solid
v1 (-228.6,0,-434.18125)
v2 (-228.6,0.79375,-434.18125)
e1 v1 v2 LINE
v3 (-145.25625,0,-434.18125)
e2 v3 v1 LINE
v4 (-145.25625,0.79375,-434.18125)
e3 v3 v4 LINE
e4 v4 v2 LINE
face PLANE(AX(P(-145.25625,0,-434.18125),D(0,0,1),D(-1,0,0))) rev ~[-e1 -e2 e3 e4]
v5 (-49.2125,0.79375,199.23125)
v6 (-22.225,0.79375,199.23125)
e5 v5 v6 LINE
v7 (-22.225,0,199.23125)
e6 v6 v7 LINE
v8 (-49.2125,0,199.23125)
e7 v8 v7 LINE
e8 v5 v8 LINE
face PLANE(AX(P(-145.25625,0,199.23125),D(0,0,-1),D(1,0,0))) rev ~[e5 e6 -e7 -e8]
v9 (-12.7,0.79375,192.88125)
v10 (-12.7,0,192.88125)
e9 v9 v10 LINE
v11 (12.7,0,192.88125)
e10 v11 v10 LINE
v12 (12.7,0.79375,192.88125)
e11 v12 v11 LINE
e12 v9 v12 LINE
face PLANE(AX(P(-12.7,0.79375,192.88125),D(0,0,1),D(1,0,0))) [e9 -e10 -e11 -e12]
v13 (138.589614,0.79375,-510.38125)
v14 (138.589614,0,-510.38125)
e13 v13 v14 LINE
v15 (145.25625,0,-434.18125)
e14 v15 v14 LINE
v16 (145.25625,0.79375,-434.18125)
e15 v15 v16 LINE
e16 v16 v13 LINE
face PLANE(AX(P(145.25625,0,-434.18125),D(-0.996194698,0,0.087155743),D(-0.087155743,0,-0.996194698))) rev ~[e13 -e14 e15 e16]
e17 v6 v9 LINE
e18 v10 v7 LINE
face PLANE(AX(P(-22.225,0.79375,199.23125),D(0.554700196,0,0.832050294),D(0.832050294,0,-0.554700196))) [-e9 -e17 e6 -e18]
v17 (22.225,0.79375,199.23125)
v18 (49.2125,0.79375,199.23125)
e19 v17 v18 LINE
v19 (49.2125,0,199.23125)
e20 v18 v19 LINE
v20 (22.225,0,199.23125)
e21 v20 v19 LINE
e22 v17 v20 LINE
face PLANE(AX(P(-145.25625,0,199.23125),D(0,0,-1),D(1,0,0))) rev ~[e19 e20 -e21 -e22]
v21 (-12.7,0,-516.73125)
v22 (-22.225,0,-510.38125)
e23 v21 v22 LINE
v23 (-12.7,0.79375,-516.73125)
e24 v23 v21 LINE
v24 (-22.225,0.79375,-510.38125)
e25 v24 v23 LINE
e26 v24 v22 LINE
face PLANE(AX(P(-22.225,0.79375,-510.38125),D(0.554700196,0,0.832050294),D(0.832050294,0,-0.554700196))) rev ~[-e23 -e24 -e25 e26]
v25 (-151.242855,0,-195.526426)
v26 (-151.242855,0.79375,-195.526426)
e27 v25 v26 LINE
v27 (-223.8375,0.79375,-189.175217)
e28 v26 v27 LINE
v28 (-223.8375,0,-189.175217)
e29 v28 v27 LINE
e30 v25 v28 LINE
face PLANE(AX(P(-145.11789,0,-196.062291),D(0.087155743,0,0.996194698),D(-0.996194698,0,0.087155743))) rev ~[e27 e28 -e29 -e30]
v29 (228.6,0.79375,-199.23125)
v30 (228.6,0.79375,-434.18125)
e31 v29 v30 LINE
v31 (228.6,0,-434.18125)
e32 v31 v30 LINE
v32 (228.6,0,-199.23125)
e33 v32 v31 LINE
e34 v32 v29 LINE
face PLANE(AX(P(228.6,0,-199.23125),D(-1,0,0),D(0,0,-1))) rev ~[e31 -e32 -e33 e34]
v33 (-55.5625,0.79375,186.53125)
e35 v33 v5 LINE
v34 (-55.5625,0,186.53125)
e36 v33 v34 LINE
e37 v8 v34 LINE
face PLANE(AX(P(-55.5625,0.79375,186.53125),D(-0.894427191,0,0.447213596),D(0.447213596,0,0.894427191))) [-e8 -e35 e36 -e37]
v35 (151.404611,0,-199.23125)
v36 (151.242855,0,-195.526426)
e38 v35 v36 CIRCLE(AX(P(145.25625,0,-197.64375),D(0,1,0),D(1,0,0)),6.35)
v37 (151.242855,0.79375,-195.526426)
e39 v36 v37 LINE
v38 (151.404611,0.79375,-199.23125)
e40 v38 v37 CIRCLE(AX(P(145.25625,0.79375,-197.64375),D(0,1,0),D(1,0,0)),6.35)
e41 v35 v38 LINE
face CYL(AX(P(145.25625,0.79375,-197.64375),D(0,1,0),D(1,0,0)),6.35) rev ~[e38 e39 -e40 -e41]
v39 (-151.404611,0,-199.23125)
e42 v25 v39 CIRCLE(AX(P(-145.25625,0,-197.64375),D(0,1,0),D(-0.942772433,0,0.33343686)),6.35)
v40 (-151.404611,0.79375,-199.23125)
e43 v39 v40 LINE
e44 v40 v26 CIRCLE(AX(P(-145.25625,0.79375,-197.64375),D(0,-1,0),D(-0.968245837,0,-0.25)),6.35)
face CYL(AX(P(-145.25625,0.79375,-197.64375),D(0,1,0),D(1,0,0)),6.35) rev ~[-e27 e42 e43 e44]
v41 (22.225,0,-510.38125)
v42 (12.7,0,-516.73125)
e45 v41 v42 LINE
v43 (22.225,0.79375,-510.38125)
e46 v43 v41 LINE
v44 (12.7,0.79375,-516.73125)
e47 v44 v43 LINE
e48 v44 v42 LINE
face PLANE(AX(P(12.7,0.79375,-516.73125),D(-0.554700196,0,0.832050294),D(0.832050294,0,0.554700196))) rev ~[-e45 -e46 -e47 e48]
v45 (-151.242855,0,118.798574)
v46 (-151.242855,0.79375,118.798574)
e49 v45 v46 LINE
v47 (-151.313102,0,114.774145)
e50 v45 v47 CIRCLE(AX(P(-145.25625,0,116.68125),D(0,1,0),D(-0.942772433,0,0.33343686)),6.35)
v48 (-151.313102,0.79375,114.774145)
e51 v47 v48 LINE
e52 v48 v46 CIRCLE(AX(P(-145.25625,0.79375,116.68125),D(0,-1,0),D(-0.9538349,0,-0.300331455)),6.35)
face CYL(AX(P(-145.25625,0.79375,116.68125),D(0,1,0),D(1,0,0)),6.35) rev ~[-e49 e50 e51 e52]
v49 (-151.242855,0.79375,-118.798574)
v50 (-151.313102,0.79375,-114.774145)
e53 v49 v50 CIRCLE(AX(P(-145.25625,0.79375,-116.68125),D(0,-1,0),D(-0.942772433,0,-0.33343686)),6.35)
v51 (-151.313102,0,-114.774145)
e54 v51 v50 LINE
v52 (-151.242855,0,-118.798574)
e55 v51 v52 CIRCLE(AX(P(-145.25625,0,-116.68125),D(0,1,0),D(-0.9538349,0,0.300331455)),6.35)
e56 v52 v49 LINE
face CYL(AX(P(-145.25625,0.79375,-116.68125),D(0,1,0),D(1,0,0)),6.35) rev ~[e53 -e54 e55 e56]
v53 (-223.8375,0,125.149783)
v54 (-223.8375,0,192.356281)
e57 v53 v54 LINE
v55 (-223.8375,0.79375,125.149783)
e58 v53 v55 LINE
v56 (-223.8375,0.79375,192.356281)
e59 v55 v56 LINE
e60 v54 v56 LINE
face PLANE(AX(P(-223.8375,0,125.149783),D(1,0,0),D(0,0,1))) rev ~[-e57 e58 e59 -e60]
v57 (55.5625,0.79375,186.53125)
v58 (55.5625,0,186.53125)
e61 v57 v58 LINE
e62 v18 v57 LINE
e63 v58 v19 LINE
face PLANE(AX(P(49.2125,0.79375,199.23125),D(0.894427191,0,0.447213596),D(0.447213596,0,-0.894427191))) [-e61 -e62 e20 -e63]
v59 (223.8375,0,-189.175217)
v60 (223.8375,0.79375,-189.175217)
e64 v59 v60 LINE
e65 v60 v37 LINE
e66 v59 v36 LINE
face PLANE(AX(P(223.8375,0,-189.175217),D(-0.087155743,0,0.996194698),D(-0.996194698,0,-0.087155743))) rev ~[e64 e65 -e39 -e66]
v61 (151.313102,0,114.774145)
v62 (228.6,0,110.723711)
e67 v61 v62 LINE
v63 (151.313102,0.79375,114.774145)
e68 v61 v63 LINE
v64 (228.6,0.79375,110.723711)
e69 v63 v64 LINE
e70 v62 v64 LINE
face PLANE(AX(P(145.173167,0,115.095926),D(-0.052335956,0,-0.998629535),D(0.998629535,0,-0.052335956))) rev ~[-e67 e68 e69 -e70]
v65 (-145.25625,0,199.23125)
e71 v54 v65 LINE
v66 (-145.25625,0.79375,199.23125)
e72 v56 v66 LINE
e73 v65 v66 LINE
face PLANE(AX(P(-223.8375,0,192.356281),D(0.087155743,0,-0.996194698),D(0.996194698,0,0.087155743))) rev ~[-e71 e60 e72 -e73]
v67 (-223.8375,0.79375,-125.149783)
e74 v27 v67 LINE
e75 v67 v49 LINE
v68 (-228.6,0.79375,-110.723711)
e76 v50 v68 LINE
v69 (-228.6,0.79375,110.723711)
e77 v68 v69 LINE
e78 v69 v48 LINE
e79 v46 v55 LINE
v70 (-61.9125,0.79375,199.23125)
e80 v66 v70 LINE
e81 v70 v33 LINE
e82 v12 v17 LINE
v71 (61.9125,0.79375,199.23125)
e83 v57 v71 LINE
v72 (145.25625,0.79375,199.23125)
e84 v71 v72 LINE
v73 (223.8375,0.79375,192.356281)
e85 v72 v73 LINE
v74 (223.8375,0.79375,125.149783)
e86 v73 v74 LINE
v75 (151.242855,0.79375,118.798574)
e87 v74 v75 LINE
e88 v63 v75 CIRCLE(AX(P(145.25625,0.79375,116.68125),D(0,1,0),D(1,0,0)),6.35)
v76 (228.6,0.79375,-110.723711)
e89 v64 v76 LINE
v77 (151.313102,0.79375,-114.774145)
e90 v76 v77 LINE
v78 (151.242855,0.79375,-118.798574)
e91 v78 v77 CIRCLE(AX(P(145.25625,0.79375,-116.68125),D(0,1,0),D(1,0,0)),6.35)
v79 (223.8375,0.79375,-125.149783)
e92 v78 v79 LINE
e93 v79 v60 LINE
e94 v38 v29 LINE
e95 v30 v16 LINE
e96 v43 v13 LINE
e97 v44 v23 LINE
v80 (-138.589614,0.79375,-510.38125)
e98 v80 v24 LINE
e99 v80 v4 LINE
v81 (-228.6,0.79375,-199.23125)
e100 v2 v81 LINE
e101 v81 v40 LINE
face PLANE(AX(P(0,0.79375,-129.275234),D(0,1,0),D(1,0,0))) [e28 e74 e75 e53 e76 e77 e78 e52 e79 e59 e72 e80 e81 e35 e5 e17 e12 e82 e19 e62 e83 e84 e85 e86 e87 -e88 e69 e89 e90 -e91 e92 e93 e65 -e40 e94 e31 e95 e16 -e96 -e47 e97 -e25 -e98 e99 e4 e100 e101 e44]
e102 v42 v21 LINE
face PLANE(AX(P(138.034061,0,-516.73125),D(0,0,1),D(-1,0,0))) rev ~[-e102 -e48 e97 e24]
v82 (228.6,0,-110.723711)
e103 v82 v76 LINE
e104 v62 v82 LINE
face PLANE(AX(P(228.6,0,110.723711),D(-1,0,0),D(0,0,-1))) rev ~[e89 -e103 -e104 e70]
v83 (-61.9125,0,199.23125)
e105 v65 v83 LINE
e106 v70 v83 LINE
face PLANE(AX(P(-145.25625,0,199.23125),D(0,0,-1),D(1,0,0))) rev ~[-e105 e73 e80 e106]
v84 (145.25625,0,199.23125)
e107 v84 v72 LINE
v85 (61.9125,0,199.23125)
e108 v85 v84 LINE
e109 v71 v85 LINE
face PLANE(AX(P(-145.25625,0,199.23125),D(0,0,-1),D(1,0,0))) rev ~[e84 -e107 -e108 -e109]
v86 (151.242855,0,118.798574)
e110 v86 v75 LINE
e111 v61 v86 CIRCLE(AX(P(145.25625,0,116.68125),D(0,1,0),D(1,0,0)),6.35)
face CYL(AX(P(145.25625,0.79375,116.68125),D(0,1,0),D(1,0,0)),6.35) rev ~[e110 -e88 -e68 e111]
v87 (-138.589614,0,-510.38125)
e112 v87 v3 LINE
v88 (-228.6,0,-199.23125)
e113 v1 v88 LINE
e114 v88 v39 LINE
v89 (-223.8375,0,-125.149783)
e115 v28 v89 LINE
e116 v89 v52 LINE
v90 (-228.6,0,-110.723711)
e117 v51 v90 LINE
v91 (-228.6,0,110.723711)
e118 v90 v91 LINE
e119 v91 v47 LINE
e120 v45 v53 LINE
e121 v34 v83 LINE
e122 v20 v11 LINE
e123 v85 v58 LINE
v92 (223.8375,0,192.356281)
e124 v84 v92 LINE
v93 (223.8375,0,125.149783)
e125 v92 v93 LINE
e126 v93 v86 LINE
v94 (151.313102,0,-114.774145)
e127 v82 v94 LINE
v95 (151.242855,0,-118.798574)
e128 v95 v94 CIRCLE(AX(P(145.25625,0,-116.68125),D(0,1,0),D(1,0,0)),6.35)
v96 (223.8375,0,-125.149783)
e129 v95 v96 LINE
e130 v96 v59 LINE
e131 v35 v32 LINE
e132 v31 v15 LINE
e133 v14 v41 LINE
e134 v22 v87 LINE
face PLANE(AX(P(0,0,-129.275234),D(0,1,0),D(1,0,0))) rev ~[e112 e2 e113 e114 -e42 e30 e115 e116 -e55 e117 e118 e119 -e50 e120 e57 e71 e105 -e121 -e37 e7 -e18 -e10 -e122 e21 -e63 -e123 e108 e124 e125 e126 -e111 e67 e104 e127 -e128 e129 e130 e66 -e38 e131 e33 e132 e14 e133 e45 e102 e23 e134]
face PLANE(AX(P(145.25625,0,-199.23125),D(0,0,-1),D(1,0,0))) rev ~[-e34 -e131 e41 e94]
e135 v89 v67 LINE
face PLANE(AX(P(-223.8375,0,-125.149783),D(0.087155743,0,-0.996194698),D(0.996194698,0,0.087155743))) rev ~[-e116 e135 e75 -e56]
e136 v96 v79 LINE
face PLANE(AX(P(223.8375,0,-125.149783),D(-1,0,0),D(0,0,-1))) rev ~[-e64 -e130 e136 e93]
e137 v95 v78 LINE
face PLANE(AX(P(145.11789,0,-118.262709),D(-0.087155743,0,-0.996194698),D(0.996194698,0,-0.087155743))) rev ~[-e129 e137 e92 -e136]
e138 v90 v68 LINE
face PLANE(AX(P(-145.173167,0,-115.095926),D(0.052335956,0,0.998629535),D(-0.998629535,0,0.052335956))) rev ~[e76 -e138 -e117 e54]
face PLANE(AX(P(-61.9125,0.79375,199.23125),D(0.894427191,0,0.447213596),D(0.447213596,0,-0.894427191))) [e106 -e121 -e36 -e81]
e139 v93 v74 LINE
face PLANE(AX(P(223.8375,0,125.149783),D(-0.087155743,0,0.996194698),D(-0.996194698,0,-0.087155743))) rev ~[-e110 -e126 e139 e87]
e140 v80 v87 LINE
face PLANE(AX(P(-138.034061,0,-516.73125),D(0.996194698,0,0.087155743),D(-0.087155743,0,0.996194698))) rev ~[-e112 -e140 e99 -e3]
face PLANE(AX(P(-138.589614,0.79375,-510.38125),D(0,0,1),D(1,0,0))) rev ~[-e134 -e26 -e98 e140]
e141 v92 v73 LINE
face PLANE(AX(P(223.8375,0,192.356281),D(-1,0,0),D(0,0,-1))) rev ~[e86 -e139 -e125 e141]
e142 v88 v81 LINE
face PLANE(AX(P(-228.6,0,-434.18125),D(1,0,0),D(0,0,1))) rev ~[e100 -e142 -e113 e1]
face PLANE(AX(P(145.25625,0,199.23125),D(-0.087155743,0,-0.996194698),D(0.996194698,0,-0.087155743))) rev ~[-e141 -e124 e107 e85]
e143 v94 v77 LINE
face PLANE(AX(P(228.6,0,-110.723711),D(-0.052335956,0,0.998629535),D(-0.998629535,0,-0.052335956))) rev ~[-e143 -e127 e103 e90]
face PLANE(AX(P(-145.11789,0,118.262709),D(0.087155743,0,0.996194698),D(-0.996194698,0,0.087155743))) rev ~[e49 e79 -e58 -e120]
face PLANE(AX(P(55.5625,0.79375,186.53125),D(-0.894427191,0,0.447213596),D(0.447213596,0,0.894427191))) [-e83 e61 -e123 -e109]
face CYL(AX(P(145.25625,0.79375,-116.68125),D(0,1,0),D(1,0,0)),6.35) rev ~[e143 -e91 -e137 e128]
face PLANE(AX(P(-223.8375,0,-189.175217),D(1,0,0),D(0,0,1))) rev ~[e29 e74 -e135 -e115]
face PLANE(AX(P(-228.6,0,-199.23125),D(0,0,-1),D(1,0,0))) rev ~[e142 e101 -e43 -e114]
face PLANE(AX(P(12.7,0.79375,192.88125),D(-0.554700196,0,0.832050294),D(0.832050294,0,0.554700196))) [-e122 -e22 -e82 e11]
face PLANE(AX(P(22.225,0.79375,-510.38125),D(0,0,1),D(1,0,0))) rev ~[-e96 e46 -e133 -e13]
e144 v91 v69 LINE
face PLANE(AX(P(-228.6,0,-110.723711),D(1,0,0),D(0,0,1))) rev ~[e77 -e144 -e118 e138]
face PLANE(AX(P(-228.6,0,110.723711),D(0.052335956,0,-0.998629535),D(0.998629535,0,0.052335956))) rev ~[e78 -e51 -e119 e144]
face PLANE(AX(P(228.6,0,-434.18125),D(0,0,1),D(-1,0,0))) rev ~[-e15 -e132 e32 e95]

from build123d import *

# Parameters (mm, degrees)
EXTRUDE1_DEPTH = 0.79375
EXTRUDE2_REACH = 2.794
SKETCH2_R      = 6.35
EXTRUDE3_REACH = 2.794
EXTRUDE4_REACH = 2.794


with BuildPart() as part:
    # Sketch1 → Extrude1 (new body)
    with BuildSketch(Plane(origin=(0, 0, 0), x_dir=(1, 0, 0), z_dir=(0, 1, 0))):
        with BuildLine():
            Line((145.25625, 434.18125), (138.034060826, 516.73125))
            Line((138.034060826, 516.73125), (-138.034060826, 516.73125))
            Line((-138.034060826, 516.73125), (-145.25625, 434.18125))
            Line((-145.25625, 434.18125), (-228.6, 434.18125))
            Line((-228.6, 434.18125), (-228.6, 199.23125))
            Line((-228.6, 199.23125), (-145.25625, 199.23125))
            ThreePointArc((-145.25625, 199.23125), (-143.670260948, 197.712995777), (-145.117890258, 196.062290917))
            Line((-145.117890258, 196.062290917), (-223.8375, 189.175217467))
            Line((-223.8375, 189.175217467), (-223.8375, 125.149782533))
            Line((-223.8375, 125.149782533), (-145.117890258, 118.262709083))
            ThreePointArc((-145.117890258, 118.262709083), (-143.668991784, 116.653544305), (-145.173166669, 115.095925614))
            Line((-145.173166669, 115.095925614), (-228.6, 110.723710546))
            Line((-228.6, 110.723710546), (-228.6, -110.723710546))
            Line((-228.6, -110.723710546), (-145.173166669, -115.095925614))
            ThreePointArc((-145.173166669, -115.095925614), (-143.668991784, -116.653544305), (-145.117890258, -118.262709083))
            Line((-145.117890258, -118.262709083), (-223.8375, -125.149782533))
            Line((-223.8375, -125.149782533), (-223.8375, -192.356281459))
            Line((-223.8375, -192.356281459), (-145.25625, -199.23125))
            Line((-145.25625, -199.23125), (145.25625, -199.23125))
            Line((145.25625, -199.23125), (223.8375, -192.356281459))
            Line((223.8375, -192.356281459), (223.8375, -125.149782533))
            Line((223.8375, -125.149782533), (145.117890258, -118.262709083))
            ThreePointArc((145.117890258, -118.262709083), (143.668991784, -116.653544305), (145.173166669, -115.095925614))
            Line((145.173166669, -115.095925614), (228.6, -110.723710546))
            Line((228.6, -110.723710546), (228.6, 110.723710546))
            Line((228.6, 110.723710546), (145.173166669, 115.095925614))
            ThreePointArc((145.173166669, 115.095925614), (143.668991784, 116.653544305), (145.117890258, 118.262709083))
            Line((145.117890258, 118.262709083), (223.8375, 125.149782533))
            Line((223.8375, 125.149782533), (223.8375, 189.175217467))
            Line((223.8375, 189.175217467), (145.117890258, 196.062290917))
            ThreePointArc((145.117890258, 196.062290917), (143.670260948, 197.712995777), (145.25625, 199.23125))
            Line((145.25625, 199.23125), (228.6, 199.23125))
            Line((228.6, 199.23125), (228.6, 434.18125))
            Line((228.6, 434.18125), (145.25625, 434.18125))
        make_face()
    extrude(amount=EXTRUDE1_DEPTH)

    # Sketch2 → Extrude2 (cut, up to next)
    with BuildSketch(Plane(origin=(0, 0.79375, 0), x_dir=(1, 0, 0), z_dir=(0, 1, 0)), mode=Mode.PRIVATE) as extrude2_sk1:
        with Locations((-145.25625, 116.68125)):
            Circle(SKETCH2_R)
    extrude2_tool1 = extrude(extrude2_sk1.sketch, amount=-EXTRUDE2_REACH, mode=Mode.PRIVATE) & part.part
    add(extrude2_tool1.solids().sort_by_distance((-145.25625, 0.79375, -116.68125))[0], mode=Mode.SUBTRACT)
    # Sketch2 → Extrude2 (cut, up to next)
    with BuildSketch(Plane(origin=(0, 0.79375, 0), x_dir=(1, 0, 0), z_dir=(0, 1, 0)), mode=Mode.PRIVATE) as extrude2_sk2:
        with Locations((-145.25625, -116.68125)):
            Circle(SKETCH2_R)
    extrude2_tool2 = extrude(extrude2_sk2.sketch, amount=-EXTRUDE2_REACH, mode=Mode.PRIVATE) & part.part
    add(extrude2_tool2.solids().sort_by_distance((-145.25625, 0.79375, 116.68125))[0], mode=Mode.SUBTRACT)
    # Sketch2 → Extrude2 (cut, up to next)
    with BuildSketch(Plane(origin=(0, 0.79375, 0), x_dir=(1, 0, 0), z_dir=(0, 1, 0)), mode=Mode.PRIVATE) as extrude2_sk3:
        with Locations((145.25625, -116.68125)):
            Circle(SKETCH2_R)
    extrude2_tool3 = extrude(extrude2_sk3.sketch, amount=-EXTRUDE2_REACH, mode=Mode.PRIVATE) & part.part
    add(extrude2_tool3.solids().sort_by_distance((145.25625, 0.79375, 116.68125))[0], mode=Mode.SUBTRACT)
    # Sketch2 → Extrude2 (cut, up to next)
    with BuildSketch(Plane(origin=(0, 0.79375, 0), x_dir=(1, 0, 0), z_dir=(0, 1, 0)), mode=Mode.PRIVATE) as extrude2_sk4:
        with Locations((145.25625, 116.68125)):
            Circle(SKETCH2_R)
    extrude2_tool4 = extrude(extrude2_sk4.sketch, amount=-EXTRUDE2_REACH, mode=Mode.PRIVATE) & part.part
    add(extrude2_tool4.solids().sort_by_distance((145.25625, 0.79375, -116.68125))[0], mode=Mode.SUBTRACT)
    # Sketch2 → Extrude2 (cut, up to next)
    with BuildSketch(Plane(origin=(0, 0.79375, 0), x_dir=(1, 0, 0), z_dir=(0, 1, 0)), mode=Mode.PRIVATE) as extrude2_sk5:
        with Locations((-145.25625, 197.64375)):
            Circle(SKETCH2_R)
    extrude2_tool5 = extrude(extrude2_sk5.sketch, amount=-EXTRUDE2_REACH, mode=Mode.PRIVATE) & part.part
    add(extrude2_tool5.solids().sort_by_distance((-145.25625, 0.79375, -197.64375))[0], mode=Mode.SUBTRACT)
    # Sketch2 → Extrude2 (cut, up to next)
    with BuildSketch(Plane(origin=(0, 0.79375, 0), x_dir=(1, 0, 0), z_dir=(0, 1, 0)), mode=Mode.PRIVATE) as extrude2_sk6:
        with Locations((145.25625, 197.64375)):
            Circle(SKETCH2_R)
    extrude2_tool6 = extrude(extrude2_sk6.sketch, amount=-EXTRUDE2_REACH, mode=Mode.PRIVATE) & part.part
    add(extrude2_tool6.solids().sort_by_distance((145.25625, 0.79375, -197.64375))[0], mode=Mode.SUBTRACT)

    # Sketch12 → Extrude3 (cut, up to next)
    with BuildSketch(Plane(origin=(0, 0.79375, 0), x_dir=(1, 0, 0), z_dir=(0, 1, 0)), mode=Mode.PRIVATE) as extrude3_sk1:
        Polygon((-138.589613839, 510.38125), (-22.225, 510.38125), (-12.7, 516.73125), (-138.034060826, 516.73125), align=None)
    extrude3_tool1 = extrude(extrude3_sk1.sketch, amount=-EXTRUDE3_REACH, mode=Mode.PRIVATE) & part.part
    add(extrude3_tool1.solids().sort_by_distance((-77.855995, 0.79375, -513.595525))[0], mode=Mode.SUBTRACT)
    # Sketch12 → Extrude3 (cut, up to next)
    with BuildSketch(Plane(origin=(0, 0.79375, 0), x_dir=(1, 0, 0), z_dir=(0, 1, 0)), mode=Mode.PRIVATE) as extrude3_sk2:
        Polygon((12.7, 516.73125), (22.225, 510.38125), (138.589613839, 510.38125), (138.034060826, 516.73125), align=None)
    extrude3_tool2 = extrude(extrude3_sk2.sketch, amount=-EXTRUDE3_REACH, mode=Mode.PRIVATE) & part.part
    add(extrude3_tool2.solids().sort_by_distance((77.855995, 0.79375, -513.595525))[0], mode=Mode.SUBTRACT)

    # Sketch13 → Extrude4 (cut, up to next)
    with BuildSketch(Plane(origin=(0, 0.79375, 0), x_dir=(1, 0, 0), z_dir=(0, 1, 0)), mode=Mode.PRIVATE) as extrude4_sk1:
        Polygon((-61.9125, -199.23125), (-55.5625, -186.53125), (-49.2125, -199.23125), align=None)
    extrude4_tool1 = extrude(extrude4_sk1.sketch, amount=-EXTRUDE4_REACH, mode=Mode.PRIVATE) & part.part
    add(extrude4_tool1.solids().sort_by_distance((-55.5625, 0.79375, 194.997917))[0], mode=Mode.SUBTRACT)
    # Sketch13 → Extrude4 (cut, up to next)
    with BuildSketch(Plane(origin=(0, 0.79375, 0), x_dir=(1, 0, 0), z_dir=(0, 1, 0)), mode=Mode.PRIVATE) as extrude4_sk2:
        Polygon((49.2125, -199.23125), (55.5625, -186.53125), (61.9125, -199.23125), align=None)
    extrude4_tool2 = extrude(extrude4_sk2.sketch, amount=-EXTRUDE4_REACH, mode=Mode.PRIVATE) & part.part
    add(extrude4_tool2.solids().sort_by_distance((55.5625, 0.79375, 194.997917))[0], mode=Mode.SUBTRACT)
    # Sketch13 → Extrude4 (cut, up to next)
    with BuildSketch(Plane(origin=(0, 0.79375, 0), x_dir=(1, 0, 0), z_dir=(0, 1, 0)), mode=Mode.PRIVATE) as extrude4_sk3:
        Polygon((-22.225, -199.23125), (-12.7, -192.88125), (12.7, -192.88125), (22.225, -199.23125), align=None)
    extrude4_tool3 = extrude(extrude4_sk3.sketch, amount=-EXTRUDE4_REACH, mode=Mode.PRIVATE) & part.part
    add(extrude4_tool3.solids().sort_by_distance((0, 0.79375, 196.344886))[0], mode=Mode.SUBTRACT)


solid = part.part
